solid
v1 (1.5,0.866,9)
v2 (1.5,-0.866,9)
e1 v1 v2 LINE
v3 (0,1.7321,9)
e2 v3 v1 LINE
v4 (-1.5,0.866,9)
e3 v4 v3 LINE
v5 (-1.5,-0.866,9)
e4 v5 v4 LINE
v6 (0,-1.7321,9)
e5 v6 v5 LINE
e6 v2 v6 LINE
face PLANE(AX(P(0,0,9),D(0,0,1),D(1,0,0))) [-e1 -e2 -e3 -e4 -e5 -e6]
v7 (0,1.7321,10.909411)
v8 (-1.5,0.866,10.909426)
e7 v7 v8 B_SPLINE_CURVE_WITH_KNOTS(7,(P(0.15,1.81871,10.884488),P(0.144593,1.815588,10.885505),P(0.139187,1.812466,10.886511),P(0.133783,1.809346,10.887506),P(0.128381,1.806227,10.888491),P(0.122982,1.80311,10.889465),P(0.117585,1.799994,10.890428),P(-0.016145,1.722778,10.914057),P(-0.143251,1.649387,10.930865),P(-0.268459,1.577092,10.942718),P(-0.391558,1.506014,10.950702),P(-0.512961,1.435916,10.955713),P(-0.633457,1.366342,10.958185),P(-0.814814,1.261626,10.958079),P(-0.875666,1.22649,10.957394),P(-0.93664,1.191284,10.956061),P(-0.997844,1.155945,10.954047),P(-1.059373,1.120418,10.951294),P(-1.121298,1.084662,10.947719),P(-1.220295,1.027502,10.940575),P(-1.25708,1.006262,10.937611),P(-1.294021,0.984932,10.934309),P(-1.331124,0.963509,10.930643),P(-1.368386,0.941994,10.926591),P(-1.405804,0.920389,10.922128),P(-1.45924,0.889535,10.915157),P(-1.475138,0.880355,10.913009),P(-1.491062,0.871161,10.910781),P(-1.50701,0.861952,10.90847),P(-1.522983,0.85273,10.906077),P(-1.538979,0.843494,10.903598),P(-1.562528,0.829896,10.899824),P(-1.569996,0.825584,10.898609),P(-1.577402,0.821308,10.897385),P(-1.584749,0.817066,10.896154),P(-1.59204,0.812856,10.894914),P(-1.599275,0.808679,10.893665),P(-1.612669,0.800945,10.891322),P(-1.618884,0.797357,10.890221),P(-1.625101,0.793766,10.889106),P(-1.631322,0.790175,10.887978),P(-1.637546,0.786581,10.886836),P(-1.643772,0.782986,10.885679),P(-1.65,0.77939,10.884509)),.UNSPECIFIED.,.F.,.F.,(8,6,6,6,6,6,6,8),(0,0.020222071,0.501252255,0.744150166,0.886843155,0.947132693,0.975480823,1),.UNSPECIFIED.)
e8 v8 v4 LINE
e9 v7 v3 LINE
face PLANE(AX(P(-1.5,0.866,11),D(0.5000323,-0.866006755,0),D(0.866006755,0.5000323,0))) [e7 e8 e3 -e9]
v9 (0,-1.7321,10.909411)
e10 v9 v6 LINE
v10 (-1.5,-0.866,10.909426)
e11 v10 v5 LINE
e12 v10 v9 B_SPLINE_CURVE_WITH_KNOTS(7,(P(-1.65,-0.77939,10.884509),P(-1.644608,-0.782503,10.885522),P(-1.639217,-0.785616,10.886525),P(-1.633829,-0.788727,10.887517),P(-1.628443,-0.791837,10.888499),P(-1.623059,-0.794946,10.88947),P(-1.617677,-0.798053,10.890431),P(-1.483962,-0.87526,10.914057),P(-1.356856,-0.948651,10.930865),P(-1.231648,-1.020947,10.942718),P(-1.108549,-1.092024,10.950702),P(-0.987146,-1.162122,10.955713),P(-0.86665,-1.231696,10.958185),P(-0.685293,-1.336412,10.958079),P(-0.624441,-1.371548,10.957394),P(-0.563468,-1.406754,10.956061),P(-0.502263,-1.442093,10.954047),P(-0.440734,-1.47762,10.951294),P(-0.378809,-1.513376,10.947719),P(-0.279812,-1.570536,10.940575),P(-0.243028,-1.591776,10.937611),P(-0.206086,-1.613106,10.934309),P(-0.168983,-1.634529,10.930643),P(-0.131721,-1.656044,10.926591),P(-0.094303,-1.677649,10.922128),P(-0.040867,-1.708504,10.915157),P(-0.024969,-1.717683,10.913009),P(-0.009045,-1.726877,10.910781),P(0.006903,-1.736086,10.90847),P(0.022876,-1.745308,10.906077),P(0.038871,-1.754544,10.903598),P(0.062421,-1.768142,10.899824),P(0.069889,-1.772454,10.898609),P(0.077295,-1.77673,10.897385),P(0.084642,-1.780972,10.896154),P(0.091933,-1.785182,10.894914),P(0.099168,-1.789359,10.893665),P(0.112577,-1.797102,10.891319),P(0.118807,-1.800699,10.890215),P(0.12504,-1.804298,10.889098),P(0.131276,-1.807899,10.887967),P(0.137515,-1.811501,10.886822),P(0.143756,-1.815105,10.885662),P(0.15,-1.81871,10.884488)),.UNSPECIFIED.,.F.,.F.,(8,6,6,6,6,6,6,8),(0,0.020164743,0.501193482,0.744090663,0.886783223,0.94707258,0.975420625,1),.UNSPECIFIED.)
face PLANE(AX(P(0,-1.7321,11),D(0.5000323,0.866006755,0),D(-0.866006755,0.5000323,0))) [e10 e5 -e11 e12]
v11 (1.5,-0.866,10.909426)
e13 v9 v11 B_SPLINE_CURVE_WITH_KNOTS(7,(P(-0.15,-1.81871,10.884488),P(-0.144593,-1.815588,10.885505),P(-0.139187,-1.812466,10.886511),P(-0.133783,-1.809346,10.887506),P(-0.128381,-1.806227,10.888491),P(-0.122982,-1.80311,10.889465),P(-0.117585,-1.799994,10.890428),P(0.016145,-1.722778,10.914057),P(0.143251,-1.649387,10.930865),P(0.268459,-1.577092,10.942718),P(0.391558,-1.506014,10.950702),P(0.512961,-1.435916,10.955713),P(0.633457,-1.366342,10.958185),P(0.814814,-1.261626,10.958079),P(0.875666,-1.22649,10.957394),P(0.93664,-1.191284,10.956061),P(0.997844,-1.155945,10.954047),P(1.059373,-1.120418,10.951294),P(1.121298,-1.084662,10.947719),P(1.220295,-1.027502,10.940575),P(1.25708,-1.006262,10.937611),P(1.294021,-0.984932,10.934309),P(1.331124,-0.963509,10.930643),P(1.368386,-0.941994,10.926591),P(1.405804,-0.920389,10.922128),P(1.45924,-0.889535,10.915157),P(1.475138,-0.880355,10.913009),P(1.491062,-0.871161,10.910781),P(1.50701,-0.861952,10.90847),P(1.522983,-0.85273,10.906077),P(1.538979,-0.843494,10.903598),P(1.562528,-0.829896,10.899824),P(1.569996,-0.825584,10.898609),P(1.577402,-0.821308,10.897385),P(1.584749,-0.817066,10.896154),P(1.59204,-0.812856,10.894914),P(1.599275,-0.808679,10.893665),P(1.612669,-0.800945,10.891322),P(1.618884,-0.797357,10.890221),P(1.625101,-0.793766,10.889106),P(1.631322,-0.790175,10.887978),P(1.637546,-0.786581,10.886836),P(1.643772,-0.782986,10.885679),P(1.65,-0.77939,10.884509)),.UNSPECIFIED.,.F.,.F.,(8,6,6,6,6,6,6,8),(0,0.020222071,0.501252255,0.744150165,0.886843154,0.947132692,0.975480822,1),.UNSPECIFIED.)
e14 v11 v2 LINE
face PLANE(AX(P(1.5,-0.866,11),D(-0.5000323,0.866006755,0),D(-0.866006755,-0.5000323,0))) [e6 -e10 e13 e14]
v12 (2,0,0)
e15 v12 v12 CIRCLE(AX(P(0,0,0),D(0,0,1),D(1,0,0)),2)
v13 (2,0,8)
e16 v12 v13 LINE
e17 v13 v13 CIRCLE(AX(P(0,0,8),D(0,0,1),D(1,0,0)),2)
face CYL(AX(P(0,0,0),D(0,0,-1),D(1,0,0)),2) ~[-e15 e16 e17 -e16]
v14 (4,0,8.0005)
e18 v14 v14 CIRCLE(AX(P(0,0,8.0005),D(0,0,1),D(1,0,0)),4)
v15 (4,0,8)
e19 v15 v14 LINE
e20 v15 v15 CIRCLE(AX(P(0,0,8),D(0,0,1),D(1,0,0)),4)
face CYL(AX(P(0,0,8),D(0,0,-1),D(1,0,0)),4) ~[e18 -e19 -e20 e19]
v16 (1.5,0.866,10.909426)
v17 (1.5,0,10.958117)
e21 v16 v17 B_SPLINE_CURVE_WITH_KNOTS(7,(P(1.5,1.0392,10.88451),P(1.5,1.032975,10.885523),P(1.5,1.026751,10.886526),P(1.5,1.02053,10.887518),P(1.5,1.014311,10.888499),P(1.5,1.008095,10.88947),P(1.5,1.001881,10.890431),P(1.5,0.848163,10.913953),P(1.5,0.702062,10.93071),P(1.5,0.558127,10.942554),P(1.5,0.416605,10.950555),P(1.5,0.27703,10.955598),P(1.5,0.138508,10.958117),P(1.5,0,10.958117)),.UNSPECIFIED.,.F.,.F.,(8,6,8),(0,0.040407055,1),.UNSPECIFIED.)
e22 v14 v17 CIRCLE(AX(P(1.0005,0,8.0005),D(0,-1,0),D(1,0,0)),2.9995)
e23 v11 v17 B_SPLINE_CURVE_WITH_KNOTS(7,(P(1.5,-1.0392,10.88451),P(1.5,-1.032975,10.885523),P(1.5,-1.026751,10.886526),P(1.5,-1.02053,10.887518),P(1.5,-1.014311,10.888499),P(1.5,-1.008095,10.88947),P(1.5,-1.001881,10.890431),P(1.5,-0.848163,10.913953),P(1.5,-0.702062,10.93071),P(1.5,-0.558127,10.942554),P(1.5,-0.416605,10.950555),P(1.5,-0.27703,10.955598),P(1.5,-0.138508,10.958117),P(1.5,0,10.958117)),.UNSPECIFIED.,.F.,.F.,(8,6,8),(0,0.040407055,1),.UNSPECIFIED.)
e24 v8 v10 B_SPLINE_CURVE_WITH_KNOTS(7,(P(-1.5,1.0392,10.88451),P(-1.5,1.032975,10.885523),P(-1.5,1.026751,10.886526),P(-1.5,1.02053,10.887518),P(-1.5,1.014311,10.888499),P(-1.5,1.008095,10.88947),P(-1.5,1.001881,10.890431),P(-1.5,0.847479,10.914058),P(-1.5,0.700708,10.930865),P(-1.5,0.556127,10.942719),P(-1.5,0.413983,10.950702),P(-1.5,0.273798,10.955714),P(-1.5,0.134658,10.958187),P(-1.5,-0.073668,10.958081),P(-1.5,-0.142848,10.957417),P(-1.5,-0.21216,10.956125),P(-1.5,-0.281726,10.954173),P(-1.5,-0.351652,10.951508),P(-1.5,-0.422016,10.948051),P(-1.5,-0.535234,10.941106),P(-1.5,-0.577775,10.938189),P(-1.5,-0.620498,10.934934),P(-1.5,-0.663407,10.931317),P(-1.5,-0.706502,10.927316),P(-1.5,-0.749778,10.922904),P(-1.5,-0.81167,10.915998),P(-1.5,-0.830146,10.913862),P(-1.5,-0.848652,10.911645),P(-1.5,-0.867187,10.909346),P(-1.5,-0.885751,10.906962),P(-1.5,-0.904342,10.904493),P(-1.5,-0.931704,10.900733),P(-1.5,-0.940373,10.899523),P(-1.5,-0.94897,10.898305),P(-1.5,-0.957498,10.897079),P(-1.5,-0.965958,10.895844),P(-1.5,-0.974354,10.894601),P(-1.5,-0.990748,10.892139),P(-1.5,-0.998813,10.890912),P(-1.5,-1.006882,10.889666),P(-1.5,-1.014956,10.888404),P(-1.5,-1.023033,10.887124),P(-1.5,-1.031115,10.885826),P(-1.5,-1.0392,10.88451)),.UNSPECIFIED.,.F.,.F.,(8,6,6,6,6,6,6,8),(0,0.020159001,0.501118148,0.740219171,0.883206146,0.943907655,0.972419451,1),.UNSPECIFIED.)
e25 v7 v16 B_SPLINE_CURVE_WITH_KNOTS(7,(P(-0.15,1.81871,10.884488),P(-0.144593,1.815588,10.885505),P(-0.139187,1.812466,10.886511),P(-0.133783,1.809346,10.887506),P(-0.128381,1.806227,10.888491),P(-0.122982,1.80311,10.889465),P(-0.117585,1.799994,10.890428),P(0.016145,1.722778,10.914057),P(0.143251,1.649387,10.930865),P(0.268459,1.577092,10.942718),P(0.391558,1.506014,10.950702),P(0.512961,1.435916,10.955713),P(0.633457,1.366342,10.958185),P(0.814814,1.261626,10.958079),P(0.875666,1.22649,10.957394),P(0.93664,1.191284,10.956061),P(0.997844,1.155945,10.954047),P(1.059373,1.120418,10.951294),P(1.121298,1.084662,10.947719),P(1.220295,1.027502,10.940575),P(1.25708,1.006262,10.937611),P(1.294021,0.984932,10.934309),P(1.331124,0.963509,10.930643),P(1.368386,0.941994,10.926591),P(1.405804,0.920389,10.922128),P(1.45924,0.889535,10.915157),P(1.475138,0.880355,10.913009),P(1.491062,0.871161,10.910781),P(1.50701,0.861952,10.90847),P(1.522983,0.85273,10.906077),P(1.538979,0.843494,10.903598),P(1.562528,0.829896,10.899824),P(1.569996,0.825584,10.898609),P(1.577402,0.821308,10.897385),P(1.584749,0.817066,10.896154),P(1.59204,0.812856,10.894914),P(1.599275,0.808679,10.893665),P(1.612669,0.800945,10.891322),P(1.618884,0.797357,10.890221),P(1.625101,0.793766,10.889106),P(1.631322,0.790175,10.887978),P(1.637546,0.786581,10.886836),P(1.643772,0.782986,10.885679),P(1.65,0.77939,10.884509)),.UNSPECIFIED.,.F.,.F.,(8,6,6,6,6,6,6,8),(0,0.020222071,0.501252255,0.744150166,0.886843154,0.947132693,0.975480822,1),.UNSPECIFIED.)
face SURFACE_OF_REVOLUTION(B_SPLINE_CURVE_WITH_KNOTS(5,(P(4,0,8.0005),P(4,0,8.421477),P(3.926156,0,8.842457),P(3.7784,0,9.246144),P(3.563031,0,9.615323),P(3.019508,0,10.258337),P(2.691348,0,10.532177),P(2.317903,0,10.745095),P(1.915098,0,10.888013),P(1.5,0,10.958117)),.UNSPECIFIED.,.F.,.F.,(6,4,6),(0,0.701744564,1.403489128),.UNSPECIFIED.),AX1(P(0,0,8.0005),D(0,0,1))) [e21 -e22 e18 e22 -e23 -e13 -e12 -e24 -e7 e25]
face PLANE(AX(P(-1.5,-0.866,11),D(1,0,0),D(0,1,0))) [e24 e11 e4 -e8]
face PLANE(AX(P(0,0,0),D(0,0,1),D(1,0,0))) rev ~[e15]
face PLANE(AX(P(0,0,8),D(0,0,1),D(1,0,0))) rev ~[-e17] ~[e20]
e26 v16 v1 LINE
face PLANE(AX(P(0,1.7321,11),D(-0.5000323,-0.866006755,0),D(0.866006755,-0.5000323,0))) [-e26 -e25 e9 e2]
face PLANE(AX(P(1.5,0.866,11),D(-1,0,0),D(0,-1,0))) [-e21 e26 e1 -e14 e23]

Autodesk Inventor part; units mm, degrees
ref_plane "YZ Plane" through (0, 0, 0) normal (1, 0, 0) x (0, 1, 0)
ref_plane "XZ Plane" through (0, 0, 0) normal (0, 1, 0) x (-1, 0, 0)
ref_plane "XY Plane" through (0, 0, 0) normal (0, 0, 1) x (1, 0, 0)
sketch "スケッチ1" plane through (0, 0, 0) normal (0, 0, 1) x (1, 0, 0)
  circle A0 centre (0, 0) radius 2
  dimension "d0" = 4
extrude "押し出し1" add sketch "スケッチ1" along normal blind 8
sketch "スケッチ2" plane through (0, 0, 8) normal (0, 0, 1) x (1, 0, 0)
  circle A0 centre (0, 0) radius 2 projected
  circle A1 centre (0, 0) radius 4
  dimension "d3" = 8
extrude "押し出し2" add sketch "スケッチ2" along normal blind 3 contours A0 | A1
fillet "フィレット1" radius 3 1 edges at (-4, 0, 11)
thread "ねじ1" size "M4x0.7" class "6g" standard "ANSI Metric M Profile" full length
sketch "スケッチ3" plane through (0, 0, 11) normal (0, 0, 1) x (1, 0, 0)
  line L0 (-1.5, 0.866) -> (0, 1.7321)
  line L1 (0, 1.7321) -> (1.5, 0.866)
  line L2 (1.5, 0.866) -> (1.5, -0.866)
  line L3 (1.5, -0.866) -> (0, -1.7321)
  line L4 (0, -1.7321) -> (-1.5, -0.866)
  line L5 (-1.5, -0.866) -> (-1.5, 0.866)
  point P0 (0, 0)
  point P1 (0, 0)
  point P2 (-1.5, 0)
  dimension "d9" = 3
extrude "押し出し3" cut sketch "スケッチ3" against normal blind 2
properties part number "SB　M4 8mm なべネジ" material "Stainless Steel, 440C"
